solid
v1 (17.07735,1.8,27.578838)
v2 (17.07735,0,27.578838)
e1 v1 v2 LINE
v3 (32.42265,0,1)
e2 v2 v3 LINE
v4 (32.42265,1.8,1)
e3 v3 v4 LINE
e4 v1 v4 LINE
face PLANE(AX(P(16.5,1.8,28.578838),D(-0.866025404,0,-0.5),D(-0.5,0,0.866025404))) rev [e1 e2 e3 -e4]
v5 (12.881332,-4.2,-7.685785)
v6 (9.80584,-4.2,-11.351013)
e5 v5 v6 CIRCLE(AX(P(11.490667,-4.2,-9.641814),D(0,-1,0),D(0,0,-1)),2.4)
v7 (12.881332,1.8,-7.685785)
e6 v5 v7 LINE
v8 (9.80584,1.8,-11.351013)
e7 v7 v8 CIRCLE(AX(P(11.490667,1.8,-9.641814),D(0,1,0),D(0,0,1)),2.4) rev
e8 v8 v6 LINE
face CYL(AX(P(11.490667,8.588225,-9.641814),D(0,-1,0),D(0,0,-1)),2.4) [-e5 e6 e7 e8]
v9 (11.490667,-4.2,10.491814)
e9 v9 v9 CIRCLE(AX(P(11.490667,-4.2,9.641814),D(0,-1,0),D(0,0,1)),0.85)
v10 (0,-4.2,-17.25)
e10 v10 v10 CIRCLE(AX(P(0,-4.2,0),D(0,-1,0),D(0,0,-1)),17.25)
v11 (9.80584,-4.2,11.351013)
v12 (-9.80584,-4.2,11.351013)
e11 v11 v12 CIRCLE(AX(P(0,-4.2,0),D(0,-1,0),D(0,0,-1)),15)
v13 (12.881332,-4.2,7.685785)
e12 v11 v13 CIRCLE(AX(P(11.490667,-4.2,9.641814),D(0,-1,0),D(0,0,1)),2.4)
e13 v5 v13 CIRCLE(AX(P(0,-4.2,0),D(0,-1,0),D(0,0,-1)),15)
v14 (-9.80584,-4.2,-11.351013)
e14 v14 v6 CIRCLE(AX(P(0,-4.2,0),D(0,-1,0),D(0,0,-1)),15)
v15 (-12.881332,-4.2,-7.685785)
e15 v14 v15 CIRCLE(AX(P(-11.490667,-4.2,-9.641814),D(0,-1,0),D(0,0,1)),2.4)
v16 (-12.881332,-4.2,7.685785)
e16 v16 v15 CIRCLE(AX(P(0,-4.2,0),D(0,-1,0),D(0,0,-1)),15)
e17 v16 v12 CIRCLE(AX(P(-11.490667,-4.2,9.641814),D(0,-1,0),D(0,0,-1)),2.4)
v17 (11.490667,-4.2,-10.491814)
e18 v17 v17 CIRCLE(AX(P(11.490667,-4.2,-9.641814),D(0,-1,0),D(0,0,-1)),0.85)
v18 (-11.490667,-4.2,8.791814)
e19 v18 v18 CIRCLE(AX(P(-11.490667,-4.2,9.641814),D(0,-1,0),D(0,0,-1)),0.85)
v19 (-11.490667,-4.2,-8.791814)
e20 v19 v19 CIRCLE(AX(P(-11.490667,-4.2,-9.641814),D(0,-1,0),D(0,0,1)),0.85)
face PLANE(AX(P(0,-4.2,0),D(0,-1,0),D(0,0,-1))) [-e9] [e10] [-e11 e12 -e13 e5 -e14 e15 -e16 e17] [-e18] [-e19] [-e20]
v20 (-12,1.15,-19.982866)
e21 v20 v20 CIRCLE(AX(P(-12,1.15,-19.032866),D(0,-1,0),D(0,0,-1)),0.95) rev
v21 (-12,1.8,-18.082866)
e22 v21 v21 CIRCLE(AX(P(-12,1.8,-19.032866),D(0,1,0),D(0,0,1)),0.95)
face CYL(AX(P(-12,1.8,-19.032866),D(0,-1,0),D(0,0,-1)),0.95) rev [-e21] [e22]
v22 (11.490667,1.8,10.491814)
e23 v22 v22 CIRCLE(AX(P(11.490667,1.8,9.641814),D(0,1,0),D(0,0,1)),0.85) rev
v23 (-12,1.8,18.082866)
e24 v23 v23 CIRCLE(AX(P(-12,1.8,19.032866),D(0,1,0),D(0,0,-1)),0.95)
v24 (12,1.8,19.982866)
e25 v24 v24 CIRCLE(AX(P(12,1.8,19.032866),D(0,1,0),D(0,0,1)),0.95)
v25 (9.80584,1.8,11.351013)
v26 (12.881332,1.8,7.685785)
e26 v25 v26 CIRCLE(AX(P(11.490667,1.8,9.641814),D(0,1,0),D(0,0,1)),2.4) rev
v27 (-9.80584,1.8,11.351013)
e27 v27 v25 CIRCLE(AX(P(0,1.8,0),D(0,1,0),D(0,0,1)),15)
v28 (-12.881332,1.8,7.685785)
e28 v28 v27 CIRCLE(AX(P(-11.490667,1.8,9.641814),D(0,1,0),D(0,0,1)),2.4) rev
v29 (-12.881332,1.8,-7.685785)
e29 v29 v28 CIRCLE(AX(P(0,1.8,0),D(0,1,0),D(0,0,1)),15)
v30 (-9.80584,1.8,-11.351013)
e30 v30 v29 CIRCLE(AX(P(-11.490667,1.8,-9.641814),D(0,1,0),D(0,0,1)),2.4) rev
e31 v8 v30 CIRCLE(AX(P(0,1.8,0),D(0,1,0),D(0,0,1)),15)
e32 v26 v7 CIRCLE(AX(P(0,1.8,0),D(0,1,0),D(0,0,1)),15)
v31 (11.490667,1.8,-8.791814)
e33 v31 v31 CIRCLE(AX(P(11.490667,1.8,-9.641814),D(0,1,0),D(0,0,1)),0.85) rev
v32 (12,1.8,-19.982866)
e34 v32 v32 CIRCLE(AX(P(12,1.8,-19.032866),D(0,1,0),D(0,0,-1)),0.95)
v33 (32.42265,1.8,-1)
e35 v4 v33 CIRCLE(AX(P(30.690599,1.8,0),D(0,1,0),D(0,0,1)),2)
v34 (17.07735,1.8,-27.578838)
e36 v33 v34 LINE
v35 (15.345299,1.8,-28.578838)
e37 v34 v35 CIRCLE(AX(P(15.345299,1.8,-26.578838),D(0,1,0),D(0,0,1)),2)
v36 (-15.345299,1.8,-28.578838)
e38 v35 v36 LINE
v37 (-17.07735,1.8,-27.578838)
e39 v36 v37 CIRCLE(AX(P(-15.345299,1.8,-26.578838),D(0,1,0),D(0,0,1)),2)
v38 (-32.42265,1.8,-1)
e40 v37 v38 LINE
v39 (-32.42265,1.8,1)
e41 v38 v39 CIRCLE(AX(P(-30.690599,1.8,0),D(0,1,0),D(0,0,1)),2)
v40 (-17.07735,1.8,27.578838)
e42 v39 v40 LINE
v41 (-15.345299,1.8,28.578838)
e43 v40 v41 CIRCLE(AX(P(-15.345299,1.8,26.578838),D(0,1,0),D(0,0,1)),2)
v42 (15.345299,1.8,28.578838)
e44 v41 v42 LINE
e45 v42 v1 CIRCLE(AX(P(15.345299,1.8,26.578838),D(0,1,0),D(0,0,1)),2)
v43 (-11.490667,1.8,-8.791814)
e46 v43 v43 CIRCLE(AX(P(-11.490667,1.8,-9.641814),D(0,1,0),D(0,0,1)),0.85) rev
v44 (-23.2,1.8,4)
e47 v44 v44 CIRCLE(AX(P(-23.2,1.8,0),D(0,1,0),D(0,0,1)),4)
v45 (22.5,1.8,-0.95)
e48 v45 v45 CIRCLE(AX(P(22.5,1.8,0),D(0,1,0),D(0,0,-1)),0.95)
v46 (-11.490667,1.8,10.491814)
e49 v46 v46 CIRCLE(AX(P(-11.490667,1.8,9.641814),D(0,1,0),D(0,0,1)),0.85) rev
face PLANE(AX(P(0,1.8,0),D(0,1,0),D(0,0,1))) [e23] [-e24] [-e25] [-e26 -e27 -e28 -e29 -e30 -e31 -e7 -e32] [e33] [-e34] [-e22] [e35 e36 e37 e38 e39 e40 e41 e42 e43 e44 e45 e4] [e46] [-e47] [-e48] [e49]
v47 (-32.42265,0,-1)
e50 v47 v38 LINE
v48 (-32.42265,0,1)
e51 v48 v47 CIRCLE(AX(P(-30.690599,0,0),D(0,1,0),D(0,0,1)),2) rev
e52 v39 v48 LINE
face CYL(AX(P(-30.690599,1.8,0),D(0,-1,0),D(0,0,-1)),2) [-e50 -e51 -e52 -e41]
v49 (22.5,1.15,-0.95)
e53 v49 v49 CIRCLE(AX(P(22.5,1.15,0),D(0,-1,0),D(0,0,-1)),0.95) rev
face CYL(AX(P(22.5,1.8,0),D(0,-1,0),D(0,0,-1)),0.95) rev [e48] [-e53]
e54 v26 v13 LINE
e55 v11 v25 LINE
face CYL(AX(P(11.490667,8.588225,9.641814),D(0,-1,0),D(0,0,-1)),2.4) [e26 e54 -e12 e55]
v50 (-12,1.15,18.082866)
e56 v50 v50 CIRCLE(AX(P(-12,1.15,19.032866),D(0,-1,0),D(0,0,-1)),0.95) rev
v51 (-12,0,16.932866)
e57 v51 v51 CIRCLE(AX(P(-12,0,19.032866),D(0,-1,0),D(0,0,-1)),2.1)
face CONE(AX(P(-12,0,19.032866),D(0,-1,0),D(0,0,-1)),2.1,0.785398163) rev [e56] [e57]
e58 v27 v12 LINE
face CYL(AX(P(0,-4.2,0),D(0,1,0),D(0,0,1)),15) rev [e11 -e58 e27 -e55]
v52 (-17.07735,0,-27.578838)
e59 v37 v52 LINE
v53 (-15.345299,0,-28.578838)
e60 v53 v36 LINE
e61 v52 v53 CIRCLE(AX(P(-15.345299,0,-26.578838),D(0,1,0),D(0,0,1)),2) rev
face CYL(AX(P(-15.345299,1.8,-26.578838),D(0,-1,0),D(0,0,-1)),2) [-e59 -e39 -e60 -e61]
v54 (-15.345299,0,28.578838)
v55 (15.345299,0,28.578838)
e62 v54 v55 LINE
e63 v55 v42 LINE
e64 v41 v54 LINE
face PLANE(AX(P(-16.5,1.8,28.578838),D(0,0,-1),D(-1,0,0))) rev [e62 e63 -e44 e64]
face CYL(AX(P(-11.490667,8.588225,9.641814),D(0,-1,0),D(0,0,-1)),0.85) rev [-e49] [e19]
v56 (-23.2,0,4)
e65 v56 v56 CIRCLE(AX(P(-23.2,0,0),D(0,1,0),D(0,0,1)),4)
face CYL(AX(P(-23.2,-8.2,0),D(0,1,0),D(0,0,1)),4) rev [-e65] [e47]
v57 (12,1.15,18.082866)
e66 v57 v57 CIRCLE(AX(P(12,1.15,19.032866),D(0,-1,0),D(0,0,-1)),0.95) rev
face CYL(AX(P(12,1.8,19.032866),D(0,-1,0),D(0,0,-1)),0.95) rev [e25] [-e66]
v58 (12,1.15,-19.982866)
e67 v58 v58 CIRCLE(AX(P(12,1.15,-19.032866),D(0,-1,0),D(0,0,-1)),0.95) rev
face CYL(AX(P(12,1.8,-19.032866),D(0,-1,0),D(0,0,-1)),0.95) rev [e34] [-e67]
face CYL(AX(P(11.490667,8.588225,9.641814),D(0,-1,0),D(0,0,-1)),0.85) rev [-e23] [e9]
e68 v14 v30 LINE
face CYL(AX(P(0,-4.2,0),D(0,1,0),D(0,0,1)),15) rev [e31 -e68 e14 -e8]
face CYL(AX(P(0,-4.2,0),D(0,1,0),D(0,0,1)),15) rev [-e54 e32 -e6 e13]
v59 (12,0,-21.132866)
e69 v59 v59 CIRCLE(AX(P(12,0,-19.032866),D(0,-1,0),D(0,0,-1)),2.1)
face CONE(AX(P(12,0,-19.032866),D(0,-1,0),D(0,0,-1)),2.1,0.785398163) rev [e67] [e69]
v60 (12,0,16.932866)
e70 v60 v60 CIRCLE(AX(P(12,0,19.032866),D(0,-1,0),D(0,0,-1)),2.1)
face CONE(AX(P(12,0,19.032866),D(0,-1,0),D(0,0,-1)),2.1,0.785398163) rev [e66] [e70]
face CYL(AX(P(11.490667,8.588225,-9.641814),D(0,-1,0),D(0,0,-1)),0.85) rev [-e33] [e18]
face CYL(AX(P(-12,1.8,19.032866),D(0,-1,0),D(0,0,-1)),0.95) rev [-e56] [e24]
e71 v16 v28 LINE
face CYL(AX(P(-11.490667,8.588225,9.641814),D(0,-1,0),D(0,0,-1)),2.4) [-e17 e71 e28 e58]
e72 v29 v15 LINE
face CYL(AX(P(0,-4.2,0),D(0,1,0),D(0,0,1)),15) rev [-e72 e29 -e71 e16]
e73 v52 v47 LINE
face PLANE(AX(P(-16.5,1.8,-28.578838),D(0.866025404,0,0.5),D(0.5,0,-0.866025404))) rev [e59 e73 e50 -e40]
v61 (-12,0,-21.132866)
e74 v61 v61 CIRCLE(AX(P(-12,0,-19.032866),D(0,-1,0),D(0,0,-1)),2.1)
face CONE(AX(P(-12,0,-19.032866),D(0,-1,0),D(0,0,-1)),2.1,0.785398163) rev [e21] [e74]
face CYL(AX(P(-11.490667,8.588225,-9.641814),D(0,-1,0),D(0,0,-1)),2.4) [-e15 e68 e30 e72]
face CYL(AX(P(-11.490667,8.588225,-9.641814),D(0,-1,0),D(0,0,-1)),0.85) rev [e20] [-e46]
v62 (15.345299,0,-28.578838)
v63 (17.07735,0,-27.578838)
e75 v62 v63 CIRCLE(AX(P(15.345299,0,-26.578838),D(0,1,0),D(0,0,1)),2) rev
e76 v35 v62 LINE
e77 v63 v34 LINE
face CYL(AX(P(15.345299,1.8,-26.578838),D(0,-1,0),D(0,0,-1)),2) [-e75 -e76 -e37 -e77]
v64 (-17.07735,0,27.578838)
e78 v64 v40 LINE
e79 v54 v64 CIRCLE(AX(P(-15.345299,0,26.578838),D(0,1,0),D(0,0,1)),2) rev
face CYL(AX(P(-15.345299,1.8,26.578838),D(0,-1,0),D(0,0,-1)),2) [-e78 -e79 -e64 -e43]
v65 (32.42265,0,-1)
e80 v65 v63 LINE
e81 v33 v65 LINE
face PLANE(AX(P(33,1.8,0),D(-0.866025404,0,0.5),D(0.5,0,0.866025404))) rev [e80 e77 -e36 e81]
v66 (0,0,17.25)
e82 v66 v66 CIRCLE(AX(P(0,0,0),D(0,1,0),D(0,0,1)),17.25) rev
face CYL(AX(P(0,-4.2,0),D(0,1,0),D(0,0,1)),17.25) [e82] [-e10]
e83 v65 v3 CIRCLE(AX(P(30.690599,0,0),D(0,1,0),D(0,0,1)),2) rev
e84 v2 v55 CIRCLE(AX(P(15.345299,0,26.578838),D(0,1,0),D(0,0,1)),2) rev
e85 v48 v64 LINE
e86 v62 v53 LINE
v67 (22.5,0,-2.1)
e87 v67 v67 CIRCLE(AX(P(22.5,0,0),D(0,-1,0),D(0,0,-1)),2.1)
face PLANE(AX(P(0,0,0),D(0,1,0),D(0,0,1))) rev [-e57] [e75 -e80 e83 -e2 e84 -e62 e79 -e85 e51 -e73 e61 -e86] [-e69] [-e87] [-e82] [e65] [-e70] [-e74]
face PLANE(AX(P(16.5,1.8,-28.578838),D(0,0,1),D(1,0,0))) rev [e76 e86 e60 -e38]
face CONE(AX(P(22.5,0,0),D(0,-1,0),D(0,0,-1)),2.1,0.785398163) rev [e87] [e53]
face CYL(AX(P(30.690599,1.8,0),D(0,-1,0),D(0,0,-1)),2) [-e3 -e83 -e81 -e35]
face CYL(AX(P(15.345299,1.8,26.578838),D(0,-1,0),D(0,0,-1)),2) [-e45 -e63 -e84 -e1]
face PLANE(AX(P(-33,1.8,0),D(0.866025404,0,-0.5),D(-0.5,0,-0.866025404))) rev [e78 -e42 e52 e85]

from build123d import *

# Parameters (mm, degrees)
SKETCH_1_R                  = 0.95
EXTRUDE_1_DEPTH             = 1.8
FILLET_1_R                  = 2
HOLE_WIZARD_M2_1_AT_2_COUNT = 2
HOLE_WIZARD_M2_1_AT_2_PITCH = 24
HOLE_WIZARD_M2_1_AT_3_COUNT = 2
HOLE_WIZARD_M2_1_AT_3_PITCH = 39.40177661
HOLE_WIZARD_M2_1_AT_4_COUNT = 2
HOLE_WIZARD_M2_1_AT_4_PITCH = 45
HOLE_WIZARD_M2_1_AT_5_COUNT = 2
HOLE_WIZARD_M2_1_AT_5_PITCH = 38.065732621
HOLE_WIZARD_M2_1_AT_6_COUNT = 2
HOLE_WIZARD_M2_1_AT_6_PITCH = 21.737065119
SKETCH_4_R                  = 17.25
SKETCH_4_R_2                = 15
EXTRUDE_2_DEPTH             = 4.2
SKETCH_4_2_R                = 15
CUT_EXTRUDE_2_DEPTH         = 3.5
SKETCH_7_R                  = 0.85
EXTRUDE_3_DEPTH             = 6
SKETCH_7_2_R                = 0.85
CUT_EXTRUDE_4_DEPTH         = 7
SKETCH_8_R                  = 4
CUT_EXTRUDE_5_DEPTH         = 10


with BuildPart() as part:
    # Sketch 1 → Extrude 1 (new body)
    with BuildSketch(Plane(origin=(0, 0, 0), x_dir=(1, 0, 0), z_dir=(0, 1, 0))):
        Polygon((33, 0), (16.5, 28.578838325), (-16.5, 28.578838325), (-33, 0), (-16.5, -28.578838325), (16.5, -28.578838325), align=None)
        with Locations(Location((-12, 19.032866311, 0), (0, 0, 270))):  # turned: the seam where the file's is
            Circle(SKETCH_1_R, mode=Mode.SUBTRACT)
        with Locations(Location((-12, -19.032866311, 0), (0, 0, 90))):  # turned: the seam where the file's is
            Circle(SKETCH_1_R, mode=Mode.SUBTRACT)
        with Locations(Location((-22.5, 0, 0), (0, 0, 270))):  # turned: the seam where the file's is
            Circle(SKETCH_1_R, mode=Mode.SUBTRACT)
        with Locations(Location((22.5, 0, 0), (0, 0, 90))):  # turned: the seam where the file's is
            Circle(SKETCH_1_R, mode=Mode.SUBTRACT)
        with Locations(Location((12, -19.032866311, 0), (0, 0, 270))):  # turned: the seam where the file's is
            Circle(SKETCH_1_R, mode=Mode.SUBTRACT)
        with Locations(Location((12, 19.032866311, 0), (0, 0, 90))):  # turned: the seam where the file's is
            Circle(SKETCH_1_R, mode=Mode.SUBTRACT)
    extrude(amount=EXTRUDE_1_DEPTH)

    # Fillet 1
    fillet_1_edges = [part.edges().sort_by_distance(p)[0] for p in [
        (16.5, 0.9, 28.578838325),
        (-16.5, 0.9, 28.578838325),
        (-33, 0.9, 0),
        (-16.5, 0.9, -28.578838325),
        (16.5, 0.9, -28.578838325),
        (33, 0.9, 0),
    ]]
    fillet(fillet_1_edges, radius=FILLET_1_R)

    # Sketch 3 → Hole Wizard M2 _1 (revolve, cut)
    with BuildSketch(Plane(origin=(12, 0, -19.032866311), x_dir=(0, 0, -1), z_dir=(1, 0, 0))):
        Polygon((0, 0), (0, 1.8), (0.9, 1.8), (0.9, 1.2), (2.1, 0), align=None)
    hole_wizard_m2_1 = revolve(axis=Axis((12, -6.35, -19.032866311), (0, 1, 0)), mode=Mode.SUBTRACT)

    # Hole Wizard M2 _1 at 2: Hole Wizard M2 _1 ×2
    with Locations(*[(-i * HOLE_WIZARD_M2_1_AT_2_PITCH, 0, 0) for i in range(1, HOLE_WIZARD_M2_1_AT_2_COUNT)]):
        add(hole_wizard_m2_1, mode=Mode.SUBTRACT)

    # Hole Wizard M2 _1 at 3: Hole Wizard M2 _1 ×2
    with Locations(*[Vector(-0.875595036, 0, 0.483045892) * (i * HOLE_WIZARD_M2_1_AT_3_PITCH) for i in range(1, HOLE_WIZARD_M2_1_AT_3_COUNT)]):
        add(hole_wizard_m2_1, mode=Mode.SUBTRACT)

    # Hole Wizard M2 _1 at 4: Hole Wizard M2 _1 ×2
    with Locations(*[Vector(-0.533333333, 0, 0.845905169) * (i * HOLE_WIZARD_M2_1_AT_4_PITCH) for i in range(1, HOLE_WIZARD_M2_1_AT_4_COUNT)]):
        add(hole_wizard_m2_1, mode=Mode.SUBTRACT)

    # Hole Wizard M2 _1 at 5: Hole Wizard M2 _1 ×2
    with Locations(*[(0, 0, i * HOLE_WIZARD_M2_1_AT_5_PITCH) for i in range(1, HOLE_WIZARD_M2_1_AT_5_COUNT)]):
        add(hole_wizard_m2_1, mode=Mode.SUBTRACT)

    # Hole Wizard M2 _1 at 6: Hole Wizard M2 _1 ×2
    with Locations(*[Vector(0.483045892, 0, 0.875595036) * (i * HOLE_WIZARD_M2_1_AT_6_PITCH) for i in range(1, HOLE_WIZARD_M2_1_AT_6_COUNT)]):
        add(hole_wizard_m2_1, mode=Mode.SUBTRACT)

    # Sketch 4 → Extrude 2 (add)
    with BuildSketch(Plane.XZ):
        with Locations(Location((0, 0, 0), (0, 0, 90))):  # turned: the seam where the file's is
            Circle(SKETCH_4_R)
        with Locations(Location((0, 0, 0), (0, 0, 270))):  # turned: the seam where the file's is
            Circle(SKETCH_4_R_2, mode=Mode.SUBTRACT)
    extrude(amount=EXTRUDE_2_DEPTH)

    # Sketch 4_2 → Cut-Extrude 2 (cut)
    with BuildSketch(Plane.XZ):
        with Locations(Location((0, 0, 0), (0, 0, 90))):  # turned: the seam where the file's is
            Circle(SKETCH_4_2_R)
    extrude(amount=-CUT_EXTRUDE_2_DEPTH, mode=Mode.SUBTRACT)

    # Sketch 7 → Extrude 3 (add)
    with BuildSketch(Plane.XZ.offset(4.2)):
        with BuildLine():
            ThreePointArc((-13.77195188, 10.387292305), (-9.652159983, 8.099123882), (-12.620960341, 11.758990606))
            ThreePointArc((-12.620960341, 11.758990606), (-13.214266644, 11.088086267), (-13.77195188, 10.387292305))
        make_face()
        with Locations((-11.490666647, 9.641814145)):
            Circle(SKETCH_7_R, mode=Mode.SUBTRACT)
        with BuildLine():
            ThreePointArc((13.77195188, 10.387292305), (9.652159983, 8.099123882), (12.620960341, 11.758990606))
            ThreePointArc((12.620960341, 11.758990606), (13.214266644, 11.088086267), (13.77195188, 10.387292305))
        make_face()
        with Locations((11.490666647, 9.641814145)):
            Circle(SKETCH_7_R, mode=Mode.SUBTRACT)
        with BuildLine():
            ThreePointArc((13.77195188, -10.387292305), (9.652159983, -8.099123882), (12.620960341, -11.758990606))
            ThreePointArc((12.620960341, -11.758990606), (13.214266644, -11.088086267), (13.77195188, -10.387292305))
        make_face()
        with Locations((11.490666647, -9.641814145)):
            Circle(SKETCH_7_R, mode=Mode.SUBTRACT)
        with BuildLine():
            ThreePointArc((-13.77195188, -10.387292305), (-9.652159983, -8.099123882), (-12.620960341, -11.758990606))
            ThreePointArc((-12.620960341, -11.758990606), (-13.214266644, -11.088086267), (-13.77195188, -10.387292305))
        make_face()
        with Locations((-11.490666647, -9.641814145)):
            Circle(SKETCH_7_R, mode=Mode.SUBTRACT)
    extrude(amount=-EXTRUDE_3_DEPTH)

    # Sketch 7_2 → Cut-Extrude 4 (cut, through all)
    with BuildSketch(Plane.XZ.offset(4.2)):
        with Locations(Location((-11.490666647, 9.641814145, 0), (0, 0, 270))):  # turned: the seam where the file's is
            Circle(SKETCH_7_2_R)
        with Locations(Location((11.490666647, 9.641814145, 0), (0, 0, 90))):  # turned: the seam where the file's is
            Circle(SKETCH_7_2_R)
        with Locations(Location((11.490666647, -9.641814145, 0), (0, 0, 270))):  # turned: the seam where the file's is
            Circle(SKETCH_7_2_R)
        with Locations(Location((-11.490666647, -9.641814145, 0), (0, 0, 90))):  # turned: the seam where the file's is
            Circle(SKETCH_7_2_R)
    extrude(amount=-CUT_EXTRUDE_4_DEPTH, mode=Mode.SUBTRACT)

    # Sketch 8 → Cut-Extrude 5 (cut)
    with BuildSketch(Plane(origin=(0, 1.8, 0), x_dir=(1, 0, 0), z_dir=(0, 1, 0))):
        with Locations(Location((-23.2, 0, 0), (0, 0, 270))):  # turned: the seam where the file's is
            Circle(SKETCH_8_R)
    extrude(amount=-CUT_EXTRUDE_5_DEPTH, mode=Mode.SUBTRACT)


solid = part.part
